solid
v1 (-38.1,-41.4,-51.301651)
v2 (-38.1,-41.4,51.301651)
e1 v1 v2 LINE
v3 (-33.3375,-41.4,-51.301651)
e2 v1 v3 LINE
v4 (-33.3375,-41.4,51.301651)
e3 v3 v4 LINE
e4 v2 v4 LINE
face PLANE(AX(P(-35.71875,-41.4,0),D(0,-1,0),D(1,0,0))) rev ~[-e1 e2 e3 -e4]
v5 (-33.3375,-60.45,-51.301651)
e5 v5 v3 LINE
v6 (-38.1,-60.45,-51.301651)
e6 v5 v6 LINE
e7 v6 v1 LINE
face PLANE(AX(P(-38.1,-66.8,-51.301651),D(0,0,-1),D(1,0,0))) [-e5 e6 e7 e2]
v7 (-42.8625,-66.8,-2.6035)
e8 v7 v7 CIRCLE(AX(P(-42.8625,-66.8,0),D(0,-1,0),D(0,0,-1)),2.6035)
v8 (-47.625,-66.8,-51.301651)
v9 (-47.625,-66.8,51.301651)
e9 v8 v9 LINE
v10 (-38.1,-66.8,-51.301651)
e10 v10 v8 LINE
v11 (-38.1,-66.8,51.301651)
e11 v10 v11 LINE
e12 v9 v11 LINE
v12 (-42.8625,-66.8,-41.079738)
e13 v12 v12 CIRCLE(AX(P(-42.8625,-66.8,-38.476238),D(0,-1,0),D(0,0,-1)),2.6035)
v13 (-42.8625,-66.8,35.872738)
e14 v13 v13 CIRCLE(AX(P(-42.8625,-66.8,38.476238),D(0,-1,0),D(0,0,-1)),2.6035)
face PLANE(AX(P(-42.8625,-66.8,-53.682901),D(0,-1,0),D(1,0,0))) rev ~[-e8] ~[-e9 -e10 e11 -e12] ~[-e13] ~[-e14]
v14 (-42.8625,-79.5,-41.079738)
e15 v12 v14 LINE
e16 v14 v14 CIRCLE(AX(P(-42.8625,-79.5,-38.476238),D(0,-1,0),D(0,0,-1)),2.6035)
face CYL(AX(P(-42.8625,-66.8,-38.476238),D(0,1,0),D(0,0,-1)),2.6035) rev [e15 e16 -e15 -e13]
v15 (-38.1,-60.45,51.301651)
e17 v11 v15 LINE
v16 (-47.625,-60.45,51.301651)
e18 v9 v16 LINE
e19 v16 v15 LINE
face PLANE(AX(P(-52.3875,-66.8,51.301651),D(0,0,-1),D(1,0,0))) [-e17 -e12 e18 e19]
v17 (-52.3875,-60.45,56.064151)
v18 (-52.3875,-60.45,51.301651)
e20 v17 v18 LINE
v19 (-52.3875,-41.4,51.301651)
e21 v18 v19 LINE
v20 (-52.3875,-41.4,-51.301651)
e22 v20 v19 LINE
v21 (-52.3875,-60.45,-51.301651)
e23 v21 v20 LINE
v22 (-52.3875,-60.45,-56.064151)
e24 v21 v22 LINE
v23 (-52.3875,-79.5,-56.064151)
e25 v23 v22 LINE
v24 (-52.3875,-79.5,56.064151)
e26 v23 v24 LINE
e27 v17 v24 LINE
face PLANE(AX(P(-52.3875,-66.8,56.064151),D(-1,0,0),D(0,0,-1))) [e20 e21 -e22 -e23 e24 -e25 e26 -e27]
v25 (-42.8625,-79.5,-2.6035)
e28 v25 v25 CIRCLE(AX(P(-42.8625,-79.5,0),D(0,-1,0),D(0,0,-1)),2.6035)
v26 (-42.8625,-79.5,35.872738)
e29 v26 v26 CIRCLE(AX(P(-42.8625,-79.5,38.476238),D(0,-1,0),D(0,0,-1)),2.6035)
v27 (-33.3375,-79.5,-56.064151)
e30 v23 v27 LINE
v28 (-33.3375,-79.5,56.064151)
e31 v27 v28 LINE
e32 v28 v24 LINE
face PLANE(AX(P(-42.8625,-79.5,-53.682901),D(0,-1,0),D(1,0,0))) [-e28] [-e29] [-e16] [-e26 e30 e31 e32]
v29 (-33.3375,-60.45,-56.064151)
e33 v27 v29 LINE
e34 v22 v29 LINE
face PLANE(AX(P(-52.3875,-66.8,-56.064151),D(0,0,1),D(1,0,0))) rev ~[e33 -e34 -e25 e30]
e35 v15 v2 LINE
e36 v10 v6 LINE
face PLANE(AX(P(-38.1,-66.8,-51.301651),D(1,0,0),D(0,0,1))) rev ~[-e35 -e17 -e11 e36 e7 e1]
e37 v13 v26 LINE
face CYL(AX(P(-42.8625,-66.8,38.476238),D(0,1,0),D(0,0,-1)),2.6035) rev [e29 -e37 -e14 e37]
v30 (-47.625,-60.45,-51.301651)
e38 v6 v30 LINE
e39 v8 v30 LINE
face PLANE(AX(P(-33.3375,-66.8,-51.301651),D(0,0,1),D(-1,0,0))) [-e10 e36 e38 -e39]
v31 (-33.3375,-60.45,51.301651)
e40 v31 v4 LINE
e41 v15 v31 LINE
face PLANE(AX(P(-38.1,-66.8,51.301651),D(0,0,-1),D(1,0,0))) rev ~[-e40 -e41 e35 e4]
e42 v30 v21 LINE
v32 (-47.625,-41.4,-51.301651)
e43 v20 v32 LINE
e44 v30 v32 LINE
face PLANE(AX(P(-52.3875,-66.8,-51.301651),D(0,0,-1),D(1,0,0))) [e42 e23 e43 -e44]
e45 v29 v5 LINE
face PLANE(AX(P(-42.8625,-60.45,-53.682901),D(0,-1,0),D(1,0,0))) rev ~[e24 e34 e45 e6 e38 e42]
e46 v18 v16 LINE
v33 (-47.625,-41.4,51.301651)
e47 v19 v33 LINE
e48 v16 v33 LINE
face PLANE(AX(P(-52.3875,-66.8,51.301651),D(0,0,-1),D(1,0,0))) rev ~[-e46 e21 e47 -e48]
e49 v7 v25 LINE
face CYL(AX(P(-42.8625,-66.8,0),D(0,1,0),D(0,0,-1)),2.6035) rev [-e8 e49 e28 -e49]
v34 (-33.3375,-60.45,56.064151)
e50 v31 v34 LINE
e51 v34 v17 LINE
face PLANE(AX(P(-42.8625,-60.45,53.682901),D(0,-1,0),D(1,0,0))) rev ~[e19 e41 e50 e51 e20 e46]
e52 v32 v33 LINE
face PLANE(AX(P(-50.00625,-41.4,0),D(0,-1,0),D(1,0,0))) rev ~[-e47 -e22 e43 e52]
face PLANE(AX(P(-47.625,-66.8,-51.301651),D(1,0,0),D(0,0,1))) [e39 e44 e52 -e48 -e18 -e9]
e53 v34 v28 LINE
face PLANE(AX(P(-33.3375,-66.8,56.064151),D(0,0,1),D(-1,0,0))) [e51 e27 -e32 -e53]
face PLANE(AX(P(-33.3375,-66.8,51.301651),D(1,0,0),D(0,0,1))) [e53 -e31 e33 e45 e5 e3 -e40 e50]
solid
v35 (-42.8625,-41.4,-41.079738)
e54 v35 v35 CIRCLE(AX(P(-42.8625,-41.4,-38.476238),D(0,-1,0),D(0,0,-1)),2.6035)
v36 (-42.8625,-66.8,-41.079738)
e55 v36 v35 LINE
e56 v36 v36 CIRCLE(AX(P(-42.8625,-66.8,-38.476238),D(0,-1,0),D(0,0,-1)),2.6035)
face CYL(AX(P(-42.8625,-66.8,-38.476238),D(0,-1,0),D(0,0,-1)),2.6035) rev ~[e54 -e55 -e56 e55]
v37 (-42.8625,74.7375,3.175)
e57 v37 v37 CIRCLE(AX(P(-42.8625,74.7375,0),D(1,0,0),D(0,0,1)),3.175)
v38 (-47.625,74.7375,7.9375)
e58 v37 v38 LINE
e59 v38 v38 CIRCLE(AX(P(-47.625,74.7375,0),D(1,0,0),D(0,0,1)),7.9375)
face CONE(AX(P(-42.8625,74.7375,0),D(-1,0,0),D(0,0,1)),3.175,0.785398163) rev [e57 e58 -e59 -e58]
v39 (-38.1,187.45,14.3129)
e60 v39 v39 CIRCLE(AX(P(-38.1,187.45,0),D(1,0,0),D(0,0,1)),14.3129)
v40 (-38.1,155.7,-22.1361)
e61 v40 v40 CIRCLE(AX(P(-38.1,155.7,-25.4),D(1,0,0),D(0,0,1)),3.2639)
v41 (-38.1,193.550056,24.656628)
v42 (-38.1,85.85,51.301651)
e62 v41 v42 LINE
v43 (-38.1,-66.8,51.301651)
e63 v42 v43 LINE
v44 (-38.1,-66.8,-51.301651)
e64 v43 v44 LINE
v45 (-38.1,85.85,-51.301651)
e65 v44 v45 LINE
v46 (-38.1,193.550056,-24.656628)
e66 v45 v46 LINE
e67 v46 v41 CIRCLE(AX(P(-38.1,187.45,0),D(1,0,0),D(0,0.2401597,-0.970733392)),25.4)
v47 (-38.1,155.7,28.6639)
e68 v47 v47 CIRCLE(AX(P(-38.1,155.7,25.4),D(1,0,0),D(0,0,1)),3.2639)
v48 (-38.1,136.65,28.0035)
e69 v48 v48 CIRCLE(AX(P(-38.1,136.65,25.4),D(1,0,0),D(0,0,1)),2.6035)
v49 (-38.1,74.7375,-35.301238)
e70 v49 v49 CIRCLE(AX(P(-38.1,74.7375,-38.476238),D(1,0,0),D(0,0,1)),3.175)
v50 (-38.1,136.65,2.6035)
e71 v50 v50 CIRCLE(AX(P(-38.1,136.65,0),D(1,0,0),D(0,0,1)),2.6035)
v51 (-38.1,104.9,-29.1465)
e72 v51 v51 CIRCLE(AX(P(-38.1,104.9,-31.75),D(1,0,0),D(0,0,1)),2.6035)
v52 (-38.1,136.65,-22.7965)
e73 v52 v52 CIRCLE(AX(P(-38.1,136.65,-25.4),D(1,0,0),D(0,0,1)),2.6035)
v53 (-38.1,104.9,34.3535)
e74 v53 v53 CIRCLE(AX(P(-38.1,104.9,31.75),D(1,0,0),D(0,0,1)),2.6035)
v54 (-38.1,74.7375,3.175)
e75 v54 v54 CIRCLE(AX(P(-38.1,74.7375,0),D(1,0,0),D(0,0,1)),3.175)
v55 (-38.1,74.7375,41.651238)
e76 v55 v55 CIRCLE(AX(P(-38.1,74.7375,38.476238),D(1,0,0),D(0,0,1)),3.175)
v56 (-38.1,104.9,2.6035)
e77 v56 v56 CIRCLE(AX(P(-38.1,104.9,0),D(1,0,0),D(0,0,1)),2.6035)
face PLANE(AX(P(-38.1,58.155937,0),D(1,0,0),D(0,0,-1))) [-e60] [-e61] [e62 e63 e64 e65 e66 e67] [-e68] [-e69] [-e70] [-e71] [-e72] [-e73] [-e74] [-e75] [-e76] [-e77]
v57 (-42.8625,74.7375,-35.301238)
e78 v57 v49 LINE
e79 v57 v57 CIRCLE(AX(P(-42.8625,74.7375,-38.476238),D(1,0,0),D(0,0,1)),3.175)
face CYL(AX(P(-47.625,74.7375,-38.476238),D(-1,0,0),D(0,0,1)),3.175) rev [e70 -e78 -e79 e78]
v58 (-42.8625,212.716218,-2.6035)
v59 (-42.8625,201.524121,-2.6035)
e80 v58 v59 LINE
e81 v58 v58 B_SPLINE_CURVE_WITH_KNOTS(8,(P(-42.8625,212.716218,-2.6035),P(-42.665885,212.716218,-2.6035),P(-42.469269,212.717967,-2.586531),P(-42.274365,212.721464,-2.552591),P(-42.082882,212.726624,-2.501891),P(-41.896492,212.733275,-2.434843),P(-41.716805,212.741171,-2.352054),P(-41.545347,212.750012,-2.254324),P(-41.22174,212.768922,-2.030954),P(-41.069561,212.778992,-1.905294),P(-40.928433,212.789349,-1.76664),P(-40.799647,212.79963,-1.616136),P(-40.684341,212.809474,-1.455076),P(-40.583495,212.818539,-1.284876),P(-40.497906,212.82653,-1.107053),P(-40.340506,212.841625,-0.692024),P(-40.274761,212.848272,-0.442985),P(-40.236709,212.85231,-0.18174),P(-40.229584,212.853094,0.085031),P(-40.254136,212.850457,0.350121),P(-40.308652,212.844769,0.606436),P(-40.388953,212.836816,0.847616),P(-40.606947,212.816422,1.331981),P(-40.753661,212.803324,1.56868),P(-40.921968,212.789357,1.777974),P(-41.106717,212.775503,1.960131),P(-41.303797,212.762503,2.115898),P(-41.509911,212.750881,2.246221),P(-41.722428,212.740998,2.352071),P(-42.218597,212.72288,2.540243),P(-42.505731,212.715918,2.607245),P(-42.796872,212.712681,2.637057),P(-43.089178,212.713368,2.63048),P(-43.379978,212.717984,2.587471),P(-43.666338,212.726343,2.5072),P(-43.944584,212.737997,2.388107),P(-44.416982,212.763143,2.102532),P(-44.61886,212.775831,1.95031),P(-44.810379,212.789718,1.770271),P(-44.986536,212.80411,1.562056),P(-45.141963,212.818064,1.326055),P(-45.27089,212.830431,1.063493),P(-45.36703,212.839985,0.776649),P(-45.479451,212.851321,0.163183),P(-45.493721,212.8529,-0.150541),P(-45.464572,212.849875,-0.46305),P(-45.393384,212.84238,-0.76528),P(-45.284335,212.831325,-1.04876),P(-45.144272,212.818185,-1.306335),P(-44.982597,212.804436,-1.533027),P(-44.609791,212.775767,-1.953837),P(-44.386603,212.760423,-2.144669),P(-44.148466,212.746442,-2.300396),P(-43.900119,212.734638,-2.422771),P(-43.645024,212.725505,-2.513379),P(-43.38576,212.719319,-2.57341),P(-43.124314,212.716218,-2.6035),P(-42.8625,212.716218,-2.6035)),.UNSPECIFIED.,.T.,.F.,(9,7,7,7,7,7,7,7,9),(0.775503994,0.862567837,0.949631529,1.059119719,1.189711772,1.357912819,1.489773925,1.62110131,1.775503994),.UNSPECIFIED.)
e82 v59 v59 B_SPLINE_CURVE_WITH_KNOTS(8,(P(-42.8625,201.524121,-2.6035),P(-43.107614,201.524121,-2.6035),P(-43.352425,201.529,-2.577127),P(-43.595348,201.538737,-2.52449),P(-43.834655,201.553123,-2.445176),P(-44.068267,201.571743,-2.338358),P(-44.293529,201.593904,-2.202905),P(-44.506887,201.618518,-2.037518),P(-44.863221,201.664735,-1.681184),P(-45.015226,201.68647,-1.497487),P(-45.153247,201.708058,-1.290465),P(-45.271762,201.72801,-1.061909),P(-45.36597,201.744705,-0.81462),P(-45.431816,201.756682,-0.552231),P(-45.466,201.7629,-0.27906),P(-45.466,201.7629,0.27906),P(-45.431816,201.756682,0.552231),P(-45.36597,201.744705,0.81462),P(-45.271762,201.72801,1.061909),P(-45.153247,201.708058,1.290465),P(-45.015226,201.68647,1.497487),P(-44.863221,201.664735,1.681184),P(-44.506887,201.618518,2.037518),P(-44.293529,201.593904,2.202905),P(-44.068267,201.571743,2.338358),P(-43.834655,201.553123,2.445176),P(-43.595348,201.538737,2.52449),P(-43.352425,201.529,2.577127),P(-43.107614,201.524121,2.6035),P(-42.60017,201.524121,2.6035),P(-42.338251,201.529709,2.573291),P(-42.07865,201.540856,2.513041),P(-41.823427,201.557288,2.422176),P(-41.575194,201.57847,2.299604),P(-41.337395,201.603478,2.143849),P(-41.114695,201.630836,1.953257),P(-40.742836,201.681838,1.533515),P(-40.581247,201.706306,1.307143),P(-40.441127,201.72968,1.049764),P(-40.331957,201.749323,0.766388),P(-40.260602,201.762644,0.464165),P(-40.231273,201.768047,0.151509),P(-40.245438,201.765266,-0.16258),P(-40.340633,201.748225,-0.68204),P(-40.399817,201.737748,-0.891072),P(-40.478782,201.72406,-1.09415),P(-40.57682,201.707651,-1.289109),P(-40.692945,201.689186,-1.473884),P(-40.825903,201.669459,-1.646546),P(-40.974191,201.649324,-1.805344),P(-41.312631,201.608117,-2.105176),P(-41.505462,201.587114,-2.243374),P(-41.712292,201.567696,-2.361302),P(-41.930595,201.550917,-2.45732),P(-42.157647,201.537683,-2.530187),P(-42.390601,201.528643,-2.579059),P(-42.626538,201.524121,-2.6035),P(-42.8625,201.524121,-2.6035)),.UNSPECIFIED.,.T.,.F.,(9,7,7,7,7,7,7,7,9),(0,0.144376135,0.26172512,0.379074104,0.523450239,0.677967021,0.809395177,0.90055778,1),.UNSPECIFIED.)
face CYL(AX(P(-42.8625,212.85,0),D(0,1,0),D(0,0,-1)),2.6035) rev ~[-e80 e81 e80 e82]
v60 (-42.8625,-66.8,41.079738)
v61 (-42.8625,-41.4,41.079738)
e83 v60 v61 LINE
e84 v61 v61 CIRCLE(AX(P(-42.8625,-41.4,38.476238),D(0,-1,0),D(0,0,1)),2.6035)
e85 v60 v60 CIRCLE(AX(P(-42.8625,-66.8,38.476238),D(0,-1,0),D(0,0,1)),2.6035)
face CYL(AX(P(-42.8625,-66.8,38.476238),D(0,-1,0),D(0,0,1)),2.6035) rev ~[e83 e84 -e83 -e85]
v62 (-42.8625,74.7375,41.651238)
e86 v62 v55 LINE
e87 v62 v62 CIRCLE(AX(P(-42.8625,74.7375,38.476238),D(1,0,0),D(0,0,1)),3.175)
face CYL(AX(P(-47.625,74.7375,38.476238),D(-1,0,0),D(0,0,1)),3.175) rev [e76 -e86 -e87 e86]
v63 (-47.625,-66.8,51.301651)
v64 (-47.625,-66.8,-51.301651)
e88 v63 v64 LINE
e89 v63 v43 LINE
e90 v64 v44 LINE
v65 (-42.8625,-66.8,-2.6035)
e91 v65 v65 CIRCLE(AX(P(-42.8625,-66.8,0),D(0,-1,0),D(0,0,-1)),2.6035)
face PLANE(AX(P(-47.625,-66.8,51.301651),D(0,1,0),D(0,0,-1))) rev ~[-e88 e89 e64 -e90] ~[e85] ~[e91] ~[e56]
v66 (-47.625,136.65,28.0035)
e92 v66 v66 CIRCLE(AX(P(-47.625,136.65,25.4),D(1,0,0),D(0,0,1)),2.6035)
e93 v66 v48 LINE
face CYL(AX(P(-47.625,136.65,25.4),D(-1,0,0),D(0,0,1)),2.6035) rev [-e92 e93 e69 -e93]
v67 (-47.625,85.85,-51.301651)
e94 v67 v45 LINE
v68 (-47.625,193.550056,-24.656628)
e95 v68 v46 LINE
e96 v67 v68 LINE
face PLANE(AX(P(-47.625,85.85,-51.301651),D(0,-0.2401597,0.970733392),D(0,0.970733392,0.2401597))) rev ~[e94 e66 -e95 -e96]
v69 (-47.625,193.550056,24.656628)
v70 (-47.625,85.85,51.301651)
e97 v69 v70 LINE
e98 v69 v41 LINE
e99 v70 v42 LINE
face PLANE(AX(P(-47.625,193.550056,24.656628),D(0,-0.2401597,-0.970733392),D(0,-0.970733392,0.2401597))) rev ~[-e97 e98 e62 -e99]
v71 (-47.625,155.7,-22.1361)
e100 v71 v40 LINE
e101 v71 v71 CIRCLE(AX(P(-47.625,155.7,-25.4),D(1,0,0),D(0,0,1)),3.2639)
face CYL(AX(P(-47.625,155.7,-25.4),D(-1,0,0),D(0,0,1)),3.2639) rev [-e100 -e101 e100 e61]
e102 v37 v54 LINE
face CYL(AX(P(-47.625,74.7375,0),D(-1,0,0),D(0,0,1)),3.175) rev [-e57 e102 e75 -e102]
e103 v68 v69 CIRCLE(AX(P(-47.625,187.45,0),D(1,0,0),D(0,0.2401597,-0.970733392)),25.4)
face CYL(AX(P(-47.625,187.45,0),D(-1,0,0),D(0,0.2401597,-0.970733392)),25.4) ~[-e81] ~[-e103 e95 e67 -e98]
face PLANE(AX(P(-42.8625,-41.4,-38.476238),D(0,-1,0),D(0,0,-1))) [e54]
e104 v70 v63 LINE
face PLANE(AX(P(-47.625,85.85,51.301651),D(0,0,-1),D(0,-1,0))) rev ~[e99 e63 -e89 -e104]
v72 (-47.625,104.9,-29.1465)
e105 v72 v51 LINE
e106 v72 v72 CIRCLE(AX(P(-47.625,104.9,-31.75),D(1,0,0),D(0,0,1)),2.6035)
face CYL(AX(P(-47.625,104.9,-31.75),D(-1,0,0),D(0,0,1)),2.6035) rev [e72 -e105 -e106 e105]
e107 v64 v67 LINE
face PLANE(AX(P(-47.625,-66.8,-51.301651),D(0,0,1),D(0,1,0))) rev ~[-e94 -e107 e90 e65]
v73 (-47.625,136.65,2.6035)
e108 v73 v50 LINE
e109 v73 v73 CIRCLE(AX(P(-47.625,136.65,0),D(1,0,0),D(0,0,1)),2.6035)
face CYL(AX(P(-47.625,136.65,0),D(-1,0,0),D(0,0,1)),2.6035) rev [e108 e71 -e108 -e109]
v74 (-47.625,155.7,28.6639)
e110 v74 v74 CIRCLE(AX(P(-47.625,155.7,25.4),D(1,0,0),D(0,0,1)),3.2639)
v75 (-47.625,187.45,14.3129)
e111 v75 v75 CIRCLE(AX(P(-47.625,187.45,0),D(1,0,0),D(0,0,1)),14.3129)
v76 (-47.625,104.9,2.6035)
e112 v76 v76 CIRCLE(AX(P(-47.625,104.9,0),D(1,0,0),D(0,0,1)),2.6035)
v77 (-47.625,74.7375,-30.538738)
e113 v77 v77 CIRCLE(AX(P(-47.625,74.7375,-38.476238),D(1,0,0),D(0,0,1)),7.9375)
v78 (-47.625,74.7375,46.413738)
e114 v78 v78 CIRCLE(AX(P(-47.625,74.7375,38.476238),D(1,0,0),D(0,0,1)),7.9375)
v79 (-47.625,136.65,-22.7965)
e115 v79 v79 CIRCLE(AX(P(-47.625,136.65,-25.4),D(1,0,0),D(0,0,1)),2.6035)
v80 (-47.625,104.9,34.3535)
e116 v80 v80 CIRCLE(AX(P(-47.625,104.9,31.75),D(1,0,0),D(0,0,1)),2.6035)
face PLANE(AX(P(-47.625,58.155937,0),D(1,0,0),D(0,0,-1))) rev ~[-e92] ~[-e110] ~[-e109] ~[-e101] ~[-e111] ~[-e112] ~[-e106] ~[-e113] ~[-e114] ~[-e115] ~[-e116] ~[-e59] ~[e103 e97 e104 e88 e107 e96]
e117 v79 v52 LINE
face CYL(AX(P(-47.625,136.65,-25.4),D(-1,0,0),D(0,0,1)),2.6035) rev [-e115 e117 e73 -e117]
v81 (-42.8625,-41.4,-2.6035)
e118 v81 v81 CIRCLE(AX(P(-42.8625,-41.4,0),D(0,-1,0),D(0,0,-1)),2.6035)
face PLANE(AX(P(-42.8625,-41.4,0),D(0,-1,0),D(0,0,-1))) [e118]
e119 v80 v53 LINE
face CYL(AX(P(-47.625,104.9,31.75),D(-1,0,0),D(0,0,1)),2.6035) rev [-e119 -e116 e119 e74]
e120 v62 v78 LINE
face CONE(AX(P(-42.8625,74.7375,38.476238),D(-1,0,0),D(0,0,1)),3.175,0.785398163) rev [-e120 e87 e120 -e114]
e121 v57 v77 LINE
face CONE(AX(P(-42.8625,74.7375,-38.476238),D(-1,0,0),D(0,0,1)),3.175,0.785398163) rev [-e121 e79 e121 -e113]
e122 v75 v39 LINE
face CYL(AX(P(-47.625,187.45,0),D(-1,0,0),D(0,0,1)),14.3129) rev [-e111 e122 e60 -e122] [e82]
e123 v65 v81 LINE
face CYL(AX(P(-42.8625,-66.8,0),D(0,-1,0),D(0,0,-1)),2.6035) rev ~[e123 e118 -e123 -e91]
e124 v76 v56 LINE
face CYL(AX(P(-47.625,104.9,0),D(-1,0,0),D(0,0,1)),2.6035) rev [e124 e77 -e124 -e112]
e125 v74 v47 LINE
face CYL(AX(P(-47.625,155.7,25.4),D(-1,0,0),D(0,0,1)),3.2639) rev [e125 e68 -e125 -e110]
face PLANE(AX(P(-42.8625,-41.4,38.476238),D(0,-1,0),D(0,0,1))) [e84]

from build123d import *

# Parameters (mm, degrees)
SKETCH2_R               = 14.3129
SKETCH2_R_2             = 3.175
SKETCH2_R_3             = 2.6035
SKETCH2_R_4             = 3.2639
BOSS_EXTRUDE1_DEPTH     = 9.525
CHAMFER1_SIZE           = 4.7625
SKETCH3_R               = 2.6035
CUT_EXTRUDE1_DEPTH      = 25.4
CUT_EXTRUDE2_REACH      = 290.278
CUT_EXTRUDE2_END_RADIUS = 14.3129
SKETCH4_R               = 2.6035
SKETCH5_W               = 19.05
SKETCH5_H               = 112.128301604
SKETCH5_R               = 2.6035
BOSS_EXTRUDE2_DEPTH     = 12.7
SKETCH5_3_W             = 4.7625
SKETCH5_3_H             = 102.603301604
BOSS_EXTRUDE3_DEPTH     = 25.4
SKETCH5_4_W             = 19.05
SKETCH5_4_H             = 4.7625
BOSS_EXTRUDE4_DEPTH     = 6.35


with BuildPart() as part:
    # Sketch2 → Boss-Extrude1 (new body)
    with BuildSketch(Plane(origin=(-47.625, 0, 0), x_dir=(0, 0, -1), z_dir=(1, 0, 0))):
        with BuildLine():
            Line((51.301650802, 73.15), (51.301650802, 85.85))
            Line((51.301650802, 85.85), (24.65662816, 193.550056376))
            ThreePointArc((24.65662816, 193.550056376), (0, 212.85), (-24.65662816, 193.550056376))
            Line((-24.65662816, 193.550056376), (-51.301650802, 85.85))
            Line((-51.301650802, 85.85), (-51.301650802, 73.15))
            Line((-51.301650802, 73.15), (-51.301650802, -66.8))
            Line((-51.301650802, -66.8), (51.301650802, -66.8))
            Line((51.301650802, -66.8), (51.301650802, 73.15))
        make_face()
        with Locations((0, 187.45)):
            Circle(SKETCH2_R, mode=Mode.SUBTRACT)
        with Locations((38.476238101, 74.7375)):
            Circle(SKETCH2_R_2, mode=Mode.SUBTRACT)
        with Locations((0, 74.7375)):
            Circle(SKETCH2_R_2, mode=Mode.SUBTRACT)
        with Locations((-38.476238101, 74.7375)):
            Circle(SKETCH2_R_2, mode=Mode.SUBTRACT)
        with Locations((0, 136.65)):
            Circle(SKETCH2_R_3, mode=Mode.SUBTRACT)
        with Locations((-25.4, 136.65)):
            Circle(SKETCH2_R_3, mode=Mode.SUBTRACT)
        with Locations((-31.75, 104.9)):
            Circle(SKETCH2_R_3, mode=Mode.SUBTRACT)
        with Locations((0, 104.9)):
            Circle(SKETCH2_R_3, mode=Mode.SUBTRACT)
        with Locations((31.75, 104.9)):
            Circle(SKETCH2_R_3, mode=Mode.SUBTRACT)
        with Locations((25.4, 136.65)):
            Circle(SKETCH2_R_3, mode=Mode.SUBTRACT)
        with Locations((-25.4, 155.7)):
            Circle(SKETCH2_R_4, mode=Mode.SUBTRACT)
        with Locations((25.4, 155.7)):
            Circle(SKETCH2_R_4, mode=Mode.SUBTRACT)
    extrude(amount=BOSS_EXTRUDE1_DEPTH)

    # Chamfer1
    chamfer1_edges = [part.edges().sort_by_distance(p)[0] for p in [
        (-47.625, 74.7375, 3.175),
        (-47.625, 74.7375, -35.301238101),
        (-47.625, 74.7375, 41.651238101),
    ]]
    chamfer(chamfer1_edges, length=CHAMFER1_SIZE)

    # Sketch3 → Cut-Extrude1 (cut)
    with BuildSketch(Plane.XZ.offset(66.8)):
        with Locations((-42.8625, -38.476238101)):
            Circle(SKETCH3_R)
        with Locations((-42.8625, 0)):
            Circle(SKETCH3_R)
        with Locations((-42.8625, 38.476238101)):
            Circle(SKETCH3_R)
    extrude(amount=-CUT_EXTRUDE1_DEPTH, mode=Mode.SUBTRACT)

    # Cut-Extrude2: up to this cylinder (the profile starts outside it)
    cut_extrude2_end = Plane(origin=(-42.8625, 187.45, 0), z_dir=(-1, 0, 0)) * Cylinder(CUT_EXTRUDE2_END_RADIUS, 610.1818, mode=Mode.PRIVATE)
    # Sketch4 → Cut-Extrude2 (cut, up to the surface)
    with BuildSketch(Plane(origin=(0, 212.85, 0), x_dir=(-1, 0, 0), z_dir=(0, 1, 0)), mode=Mode.PRIVATE) as cut_extrude2_sk1:
        with Locations((42.8625, 0)):
            Circle(SKETCH4_R)
    cut_extrude2_tool1 = extrude(cut_extrude2_sk1.sketch, amount=-CUT_EXTRUDE2_REACH, mode=Mode.PRIVATE) - cut_extrude2_end
    add(cut_extrude2_tool1.solids().sort_by_distance((-42.8625, 212.85, 0))[0], mode=Mode.SUBTRACT)


with BuildPart() as body_2:
    # Sketch5 → Boss-Extrude2 (new body)
    with BuildSketch(Plane.XZ.offset(66.8)):
        with Locations((-42.8625, 0)):
            Rectangle(SKETCH5_W, SKETCH5_H)
        with Locations((-42.8625, 38.476238101)):
            Circle(SKETCH5_R, mode=Mode.SUBTRACT)
        with Locations((-42.8625, -38.476238101)):
            Circle(SKETCH5_R, mode=Mode.SUBTRACT)
        with Locations((-42.8625, 0)):
            Circle(SKETCH5_R, mode=Mode.SUBTRACT)
    extrude(amount=BOSS_EXTRUDE2_DEPTH)

    # Sketch5<3> → Boss-Extrude3 (add)
    with BuildSketch(Plane.XZ.offset(66.8)):
        with Locations((-35.71875, 0)):
            Rectangle(SKETCH5_3_W, SKETCH5_3_H)
        with Locations((-50.00625, 0)):
            Rectangle(SKETCH5_3_W, SKETCH5_3_H)
    extrude(amount=-BOSS_EXTRUDE3_DEPTH)

    # Sketch5<4> → Boss-Extrude4 (add)
    with BuildSketch(Plane.XZ.offset(66.8)):
        with Locations((-42.8625, 53.682900802)):
            Rectangle(SKETCH5_4_W, SKETCH5_4_H)
        with Locations((-42.8625, -53.682900802)):
            Rectangle(SKETCH5_4_W, SKETCH5_4_H)
    extrude(amount=-BOSS_EXTRUDE4_DEPTH)


solid = Compound([part.part, body_2.part])
